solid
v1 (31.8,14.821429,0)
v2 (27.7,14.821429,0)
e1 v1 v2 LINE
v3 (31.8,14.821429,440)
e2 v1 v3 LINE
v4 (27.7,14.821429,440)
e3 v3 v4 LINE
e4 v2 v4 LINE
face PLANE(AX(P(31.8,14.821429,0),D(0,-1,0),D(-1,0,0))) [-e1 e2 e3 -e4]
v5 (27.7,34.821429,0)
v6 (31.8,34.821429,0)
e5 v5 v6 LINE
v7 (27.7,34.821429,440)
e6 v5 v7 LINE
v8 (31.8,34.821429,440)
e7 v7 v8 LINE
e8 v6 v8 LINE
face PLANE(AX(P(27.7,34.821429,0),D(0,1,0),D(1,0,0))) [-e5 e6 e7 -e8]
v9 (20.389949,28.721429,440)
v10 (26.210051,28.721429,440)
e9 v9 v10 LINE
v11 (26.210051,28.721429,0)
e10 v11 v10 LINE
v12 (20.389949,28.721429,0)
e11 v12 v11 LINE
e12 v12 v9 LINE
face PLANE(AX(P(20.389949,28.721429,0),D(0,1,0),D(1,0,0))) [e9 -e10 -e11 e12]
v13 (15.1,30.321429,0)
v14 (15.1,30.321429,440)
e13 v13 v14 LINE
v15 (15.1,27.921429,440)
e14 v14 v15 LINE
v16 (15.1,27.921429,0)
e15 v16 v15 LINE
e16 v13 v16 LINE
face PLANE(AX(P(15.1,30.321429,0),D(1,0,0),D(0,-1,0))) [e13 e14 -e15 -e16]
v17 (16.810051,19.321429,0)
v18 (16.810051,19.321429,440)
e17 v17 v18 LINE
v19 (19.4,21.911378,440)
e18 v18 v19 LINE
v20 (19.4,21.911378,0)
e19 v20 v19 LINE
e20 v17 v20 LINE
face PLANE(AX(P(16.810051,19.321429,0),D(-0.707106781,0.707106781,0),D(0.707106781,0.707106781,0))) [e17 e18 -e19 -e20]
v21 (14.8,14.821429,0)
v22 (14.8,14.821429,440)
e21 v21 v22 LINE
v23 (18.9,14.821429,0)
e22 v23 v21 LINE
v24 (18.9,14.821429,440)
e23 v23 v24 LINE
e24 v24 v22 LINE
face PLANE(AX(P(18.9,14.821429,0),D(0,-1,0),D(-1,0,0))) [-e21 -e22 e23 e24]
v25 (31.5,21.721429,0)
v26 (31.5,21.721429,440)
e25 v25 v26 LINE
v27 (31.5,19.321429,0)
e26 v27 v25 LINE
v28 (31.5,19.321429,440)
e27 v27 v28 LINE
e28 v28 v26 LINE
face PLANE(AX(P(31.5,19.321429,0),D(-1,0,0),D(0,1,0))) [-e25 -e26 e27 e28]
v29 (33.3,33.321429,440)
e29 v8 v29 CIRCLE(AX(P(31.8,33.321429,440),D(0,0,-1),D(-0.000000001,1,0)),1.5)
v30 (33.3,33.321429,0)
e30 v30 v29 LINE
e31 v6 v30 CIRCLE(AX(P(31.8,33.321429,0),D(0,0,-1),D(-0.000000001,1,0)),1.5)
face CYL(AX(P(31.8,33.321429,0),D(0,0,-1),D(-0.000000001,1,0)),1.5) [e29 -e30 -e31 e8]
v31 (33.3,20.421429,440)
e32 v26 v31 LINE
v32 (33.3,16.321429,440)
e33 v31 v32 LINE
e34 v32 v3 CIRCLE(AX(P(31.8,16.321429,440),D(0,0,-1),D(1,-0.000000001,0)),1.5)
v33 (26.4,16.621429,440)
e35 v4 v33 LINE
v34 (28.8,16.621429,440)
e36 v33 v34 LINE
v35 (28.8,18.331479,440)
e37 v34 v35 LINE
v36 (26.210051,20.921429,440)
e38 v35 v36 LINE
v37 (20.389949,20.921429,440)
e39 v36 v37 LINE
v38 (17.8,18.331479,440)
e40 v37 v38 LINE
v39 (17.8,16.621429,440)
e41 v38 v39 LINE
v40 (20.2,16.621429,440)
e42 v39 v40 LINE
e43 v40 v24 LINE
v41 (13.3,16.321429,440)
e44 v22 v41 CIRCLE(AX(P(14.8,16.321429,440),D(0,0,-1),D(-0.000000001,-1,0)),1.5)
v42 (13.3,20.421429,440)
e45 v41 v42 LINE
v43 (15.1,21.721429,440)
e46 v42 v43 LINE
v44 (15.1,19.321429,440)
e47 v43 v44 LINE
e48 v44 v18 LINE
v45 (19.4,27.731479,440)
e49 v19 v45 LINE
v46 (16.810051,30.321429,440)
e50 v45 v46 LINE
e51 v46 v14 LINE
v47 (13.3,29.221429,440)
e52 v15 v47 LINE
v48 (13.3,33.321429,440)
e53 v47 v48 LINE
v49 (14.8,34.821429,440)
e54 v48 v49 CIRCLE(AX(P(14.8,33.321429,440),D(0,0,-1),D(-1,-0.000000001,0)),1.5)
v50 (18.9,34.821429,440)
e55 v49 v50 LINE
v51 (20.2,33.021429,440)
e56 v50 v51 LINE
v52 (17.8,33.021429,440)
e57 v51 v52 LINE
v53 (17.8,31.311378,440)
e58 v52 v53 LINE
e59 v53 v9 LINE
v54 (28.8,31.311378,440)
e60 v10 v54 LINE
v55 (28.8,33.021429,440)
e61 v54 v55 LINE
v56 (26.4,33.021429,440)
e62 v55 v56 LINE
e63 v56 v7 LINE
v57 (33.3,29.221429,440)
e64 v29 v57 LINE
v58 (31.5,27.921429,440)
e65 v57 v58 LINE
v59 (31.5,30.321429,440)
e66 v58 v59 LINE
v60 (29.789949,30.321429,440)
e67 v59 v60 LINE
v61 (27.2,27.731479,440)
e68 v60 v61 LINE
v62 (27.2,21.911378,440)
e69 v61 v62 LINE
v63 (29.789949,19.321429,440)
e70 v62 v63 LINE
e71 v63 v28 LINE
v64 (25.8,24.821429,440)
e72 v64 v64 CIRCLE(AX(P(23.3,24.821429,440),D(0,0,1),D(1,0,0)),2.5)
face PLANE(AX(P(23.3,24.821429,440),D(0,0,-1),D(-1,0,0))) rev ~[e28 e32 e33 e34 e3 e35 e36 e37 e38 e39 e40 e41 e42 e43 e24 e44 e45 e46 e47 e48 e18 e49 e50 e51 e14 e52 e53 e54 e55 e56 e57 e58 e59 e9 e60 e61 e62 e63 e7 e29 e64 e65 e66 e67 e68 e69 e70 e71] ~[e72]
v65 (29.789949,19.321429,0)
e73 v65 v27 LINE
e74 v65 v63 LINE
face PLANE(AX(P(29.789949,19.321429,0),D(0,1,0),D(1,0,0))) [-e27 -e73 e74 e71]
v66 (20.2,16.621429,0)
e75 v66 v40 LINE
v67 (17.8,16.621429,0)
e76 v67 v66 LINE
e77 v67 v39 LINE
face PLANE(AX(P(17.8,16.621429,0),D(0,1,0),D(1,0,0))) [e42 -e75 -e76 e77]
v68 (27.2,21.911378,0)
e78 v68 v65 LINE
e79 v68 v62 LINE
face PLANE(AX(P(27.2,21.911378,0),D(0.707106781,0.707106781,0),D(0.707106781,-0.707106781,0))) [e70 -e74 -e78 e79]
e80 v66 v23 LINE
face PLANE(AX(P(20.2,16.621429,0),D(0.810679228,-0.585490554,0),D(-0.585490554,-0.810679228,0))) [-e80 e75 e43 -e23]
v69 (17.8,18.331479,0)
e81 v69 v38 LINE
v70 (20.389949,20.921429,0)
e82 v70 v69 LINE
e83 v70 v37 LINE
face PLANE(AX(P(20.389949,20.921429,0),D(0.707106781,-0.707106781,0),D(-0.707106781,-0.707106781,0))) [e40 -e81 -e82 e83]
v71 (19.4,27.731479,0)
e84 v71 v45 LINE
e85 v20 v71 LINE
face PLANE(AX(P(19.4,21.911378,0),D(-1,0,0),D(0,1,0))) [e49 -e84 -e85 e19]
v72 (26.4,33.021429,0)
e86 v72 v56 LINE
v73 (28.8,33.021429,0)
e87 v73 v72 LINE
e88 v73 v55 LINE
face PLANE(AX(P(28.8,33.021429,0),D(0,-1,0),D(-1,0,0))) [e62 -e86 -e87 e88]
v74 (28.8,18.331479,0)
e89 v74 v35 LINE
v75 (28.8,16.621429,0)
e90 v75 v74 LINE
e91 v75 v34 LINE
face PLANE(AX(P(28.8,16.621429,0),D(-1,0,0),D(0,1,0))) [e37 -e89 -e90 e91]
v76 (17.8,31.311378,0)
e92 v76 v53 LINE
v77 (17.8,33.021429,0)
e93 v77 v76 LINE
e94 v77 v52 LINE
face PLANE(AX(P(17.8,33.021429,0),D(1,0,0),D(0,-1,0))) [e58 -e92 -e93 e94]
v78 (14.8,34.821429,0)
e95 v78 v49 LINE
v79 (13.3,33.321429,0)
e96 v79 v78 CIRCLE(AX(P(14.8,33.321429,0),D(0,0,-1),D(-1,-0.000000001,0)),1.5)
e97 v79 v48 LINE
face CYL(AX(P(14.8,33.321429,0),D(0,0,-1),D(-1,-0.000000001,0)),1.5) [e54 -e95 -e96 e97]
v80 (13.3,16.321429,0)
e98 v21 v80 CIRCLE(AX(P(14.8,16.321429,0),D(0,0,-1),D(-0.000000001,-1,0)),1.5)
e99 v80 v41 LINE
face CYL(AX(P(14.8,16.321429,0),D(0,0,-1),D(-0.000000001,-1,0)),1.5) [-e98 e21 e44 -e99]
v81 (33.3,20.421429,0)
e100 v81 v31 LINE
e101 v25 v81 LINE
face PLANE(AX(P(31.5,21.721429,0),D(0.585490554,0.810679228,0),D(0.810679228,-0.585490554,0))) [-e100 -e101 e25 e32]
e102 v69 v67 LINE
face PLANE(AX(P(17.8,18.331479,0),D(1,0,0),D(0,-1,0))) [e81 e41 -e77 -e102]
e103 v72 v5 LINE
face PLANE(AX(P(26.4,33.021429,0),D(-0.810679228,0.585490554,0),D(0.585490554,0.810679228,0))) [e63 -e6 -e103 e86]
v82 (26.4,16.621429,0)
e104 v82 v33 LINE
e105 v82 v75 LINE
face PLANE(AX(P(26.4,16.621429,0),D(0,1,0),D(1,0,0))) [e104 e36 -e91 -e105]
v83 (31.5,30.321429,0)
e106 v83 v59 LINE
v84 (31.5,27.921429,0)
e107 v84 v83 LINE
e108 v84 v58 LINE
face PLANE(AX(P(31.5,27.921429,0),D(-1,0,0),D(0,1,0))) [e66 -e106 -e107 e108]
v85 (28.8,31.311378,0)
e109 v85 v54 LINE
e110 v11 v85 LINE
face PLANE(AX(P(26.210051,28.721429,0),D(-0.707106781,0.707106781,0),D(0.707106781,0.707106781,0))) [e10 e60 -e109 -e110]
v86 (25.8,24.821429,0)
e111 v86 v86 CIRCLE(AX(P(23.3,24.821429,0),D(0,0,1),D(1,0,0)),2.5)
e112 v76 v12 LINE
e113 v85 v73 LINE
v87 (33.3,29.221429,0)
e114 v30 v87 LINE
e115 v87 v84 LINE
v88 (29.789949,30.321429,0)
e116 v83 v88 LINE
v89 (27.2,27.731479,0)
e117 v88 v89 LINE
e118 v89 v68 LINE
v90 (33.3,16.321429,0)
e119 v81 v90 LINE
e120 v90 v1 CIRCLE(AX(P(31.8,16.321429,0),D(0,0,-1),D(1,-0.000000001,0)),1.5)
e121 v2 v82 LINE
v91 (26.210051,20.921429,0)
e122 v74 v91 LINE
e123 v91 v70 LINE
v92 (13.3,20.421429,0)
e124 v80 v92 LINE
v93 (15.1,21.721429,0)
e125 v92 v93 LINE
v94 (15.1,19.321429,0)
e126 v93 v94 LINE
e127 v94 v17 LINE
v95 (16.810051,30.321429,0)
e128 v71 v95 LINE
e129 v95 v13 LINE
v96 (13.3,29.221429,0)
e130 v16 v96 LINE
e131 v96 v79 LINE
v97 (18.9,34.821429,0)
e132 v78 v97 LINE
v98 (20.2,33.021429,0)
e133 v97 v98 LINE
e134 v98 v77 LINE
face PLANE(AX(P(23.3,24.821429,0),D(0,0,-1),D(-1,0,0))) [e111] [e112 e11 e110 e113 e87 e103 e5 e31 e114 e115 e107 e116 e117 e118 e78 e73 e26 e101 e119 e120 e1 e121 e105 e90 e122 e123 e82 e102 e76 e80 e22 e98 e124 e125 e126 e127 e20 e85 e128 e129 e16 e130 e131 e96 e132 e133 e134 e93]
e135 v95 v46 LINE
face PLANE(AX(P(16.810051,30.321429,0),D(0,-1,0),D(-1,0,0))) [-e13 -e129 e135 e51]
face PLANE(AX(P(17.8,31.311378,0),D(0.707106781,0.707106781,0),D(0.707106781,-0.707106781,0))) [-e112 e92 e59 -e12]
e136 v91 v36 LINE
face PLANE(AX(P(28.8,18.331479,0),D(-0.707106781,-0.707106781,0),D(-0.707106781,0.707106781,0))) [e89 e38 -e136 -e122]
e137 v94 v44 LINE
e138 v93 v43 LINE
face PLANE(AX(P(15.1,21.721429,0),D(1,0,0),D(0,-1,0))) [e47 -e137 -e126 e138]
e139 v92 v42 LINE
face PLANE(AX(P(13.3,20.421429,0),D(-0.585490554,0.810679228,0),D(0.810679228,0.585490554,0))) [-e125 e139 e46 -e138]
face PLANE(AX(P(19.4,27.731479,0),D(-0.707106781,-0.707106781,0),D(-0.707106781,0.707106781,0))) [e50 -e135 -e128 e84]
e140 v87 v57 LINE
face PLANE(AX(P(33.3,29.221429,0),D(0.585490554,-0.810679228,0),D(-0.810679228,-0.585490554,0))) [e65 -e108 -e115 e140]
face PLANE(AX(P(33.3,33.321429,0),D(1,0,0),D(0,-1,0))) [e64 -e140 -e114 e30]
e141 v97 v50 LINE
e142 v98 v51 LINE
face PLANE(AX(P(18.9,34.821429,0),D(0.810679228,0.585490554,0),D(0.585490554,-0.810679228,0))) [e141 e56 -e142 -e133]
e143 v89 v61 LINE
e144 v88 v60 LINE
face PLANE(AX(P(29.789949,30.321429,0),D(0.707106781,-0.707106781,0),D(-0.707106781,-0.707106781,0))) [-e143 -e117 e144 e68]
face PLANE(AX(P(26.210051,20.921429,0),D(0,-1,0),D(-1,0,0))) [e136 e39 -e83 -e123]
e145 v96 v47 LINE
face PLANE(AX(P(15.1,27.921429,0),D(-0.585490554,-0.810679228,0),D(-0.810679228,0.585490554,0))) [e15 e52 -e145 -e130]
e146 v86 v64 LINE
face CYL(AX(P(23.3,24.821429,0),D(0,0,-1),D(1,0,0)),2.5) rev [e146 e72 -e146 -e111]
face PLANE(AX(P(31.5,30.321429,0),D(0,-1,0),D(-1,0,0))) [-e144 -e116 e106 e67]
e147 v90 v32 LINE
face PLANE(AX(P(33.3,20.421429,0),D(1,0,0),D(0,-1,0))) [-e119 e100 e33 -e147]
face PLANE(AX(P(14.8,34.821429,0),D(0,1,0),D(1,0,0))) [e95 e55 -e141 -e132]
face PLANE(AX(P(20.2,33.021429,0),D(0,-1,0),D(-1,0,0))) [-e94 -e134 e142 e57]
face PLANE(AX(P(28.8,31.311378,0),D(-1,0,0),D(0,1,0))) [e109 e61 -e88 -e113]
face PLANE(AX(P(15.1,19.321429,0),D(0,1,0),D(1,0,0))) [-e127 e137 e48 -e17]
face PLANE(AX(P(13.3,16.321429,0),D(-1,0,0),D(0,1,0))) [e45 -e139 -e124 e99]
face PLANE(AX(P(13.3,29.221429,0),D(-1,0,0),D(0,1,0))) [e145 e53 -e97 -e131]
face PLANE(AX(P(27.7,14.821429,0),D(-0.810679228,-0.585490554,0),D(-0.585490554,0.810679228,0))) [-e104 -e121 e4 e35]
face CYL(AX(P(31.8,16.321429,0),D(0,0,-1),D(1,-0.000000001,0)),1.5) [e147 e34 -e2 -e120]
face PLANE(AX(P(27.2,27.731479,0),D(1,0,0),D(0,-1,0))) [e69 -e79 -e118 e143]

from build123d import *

# Parameters (mm, degrees)
SKETCH_1_R      = 2.5
EXTRUDE_1_DEPTH = 440


with BuildPart() as part:
    # 草图1 → 凸台-拉伸1 (new body)
    with BuildSketch(Plane.XY):
        with BuildLine():
            Line((14.8, 34.821428571), (18.9, 34.821428571))
            Line((18.9, 34.821428571), (20.2, 33.021428571))
            Line((20.2, 33.021428571), (17.8, 33.021428571))
            Line((17.8, 33.021428571), (17.8, 31.311378065))
            Line((17.8, 31.311378065), (20.389949494, 28.721428571))
            Line((20.389949494, 28.721428571), (26.210050506, 28.721428571))
            Line((26.210050506, 28.721428571), (28.8, 31.311378065))
            Line((28.8, 31.311378065), (28.8, 33.021428571))
            Line((28.8, 33.021428571), (26.4, 33.021428571))
            Line((26.4, 33.021428571), (27.7, 34.821428571))
            Line((27.7, 34.821428571), (31.8, 34.821428571))
            ThreePointArc((31.8, 34.821428571), (32.860660172, 34.382088743), (33.3, 33.321428571))
            Line((33.3, 33.321428571), (33.3, 29.221428571))
            Line((33.3, 29.221428571), (31.5, 27.921428571))
            Line((31.5, 27.921428571), (31.5, 30.321428571))
            Line((31.5, 30.321428571), (29.789949494, 30.321428571))
            Line((29.789949494, 30.321428571), (27.2, 27.731479078))
            Line((27.2, 27.731479078), (27.2, 21.911378065))
            Line((27.2, 21.911378065), (29.789949494, 19.321428571))
            Line((29.789949494, 19.321428571), (31.5, 19.321428571))
            Line((31.5, 19.321428571), (31.5, 21.721428571))
            Line((31.5, 21.721428571), (33.3, 20.421428571))
            Line((33.3, 20.421428571), (33.3, 16.321428571))
            ThreePointArc((33.3, 16.321428571), (32.860660172, 15.2607684), (31.8, 14.821428571))
            Line((31.8, 14.821428571), (27.7, 14.821428571))
            Line((27.7, 14.821428571), (26.4, 16.621428571))
            Line((26.4, 16.621428571), (28.8, 16.621428571))
            Line((28.8, 16.621428571), (28.8, 18.331479078))
            Line((28.8, 18.331479078), (26.210050506, 20.921428571))
            Line((26.210050506, 20.921428571), (20.389949494, 20.921428571))
            Line((20.389949494, 20.921428571), (17.8, 18.331479078))
            Line((17.8, 18.331479078), (17.8, 16.621428571))
            Line((17.8, 16.621428571), (20.2, 16.621428571))
            Line((20.2, 16.621428571), (18.9, 14.821428571))
            Line((18.9, 14.821428571), (14.8, 14.821428571))
            ThreePointArc((14.8, 14.821428571), (13.739339828, 15.2607684), (13.3, 16.321428571))
            Line((13.3, 16.321428571), (13.3, 20.421428571))
            Line((13.3, 20.421428571), (15.1, 21.721428571))
            Line((15.1, 21.721428571), (15.1, 19.321428571))
            Line((15.1, 19.321428571), (16.810050506, 19.321428571))
            Line((16.810050506, 19.321428571), (19.4, 21.911378065))
            Line((19.4, 21.911378065), (19.4, 27.731479078))
            Line((19.4, 27.731479078), (16.810050506, 30.321428571))
            Line((16.810050506, 30.321428571), (15.1, 30.321428571))
            Line((15.1, 30.321428571), (15.1, 27.921428571))
            Line((15.1, 27.921428571), (13.3, 29.221428571))
            Line((13.3, 29.221428571), (13.3, 33.321428571))
            ThreePointArc((13.3, 33.321428571), (13.739339828, 34.382088743), (14.8, 34.821428571))
        make_face()
        with Locations((23.3, 24.821428571)):
            Circle(SKETCH_1_R, mode=Mode.SUBTRACT)
    extrude(amount=EXTRUDE_1_DEPTH)


solid = part.part
